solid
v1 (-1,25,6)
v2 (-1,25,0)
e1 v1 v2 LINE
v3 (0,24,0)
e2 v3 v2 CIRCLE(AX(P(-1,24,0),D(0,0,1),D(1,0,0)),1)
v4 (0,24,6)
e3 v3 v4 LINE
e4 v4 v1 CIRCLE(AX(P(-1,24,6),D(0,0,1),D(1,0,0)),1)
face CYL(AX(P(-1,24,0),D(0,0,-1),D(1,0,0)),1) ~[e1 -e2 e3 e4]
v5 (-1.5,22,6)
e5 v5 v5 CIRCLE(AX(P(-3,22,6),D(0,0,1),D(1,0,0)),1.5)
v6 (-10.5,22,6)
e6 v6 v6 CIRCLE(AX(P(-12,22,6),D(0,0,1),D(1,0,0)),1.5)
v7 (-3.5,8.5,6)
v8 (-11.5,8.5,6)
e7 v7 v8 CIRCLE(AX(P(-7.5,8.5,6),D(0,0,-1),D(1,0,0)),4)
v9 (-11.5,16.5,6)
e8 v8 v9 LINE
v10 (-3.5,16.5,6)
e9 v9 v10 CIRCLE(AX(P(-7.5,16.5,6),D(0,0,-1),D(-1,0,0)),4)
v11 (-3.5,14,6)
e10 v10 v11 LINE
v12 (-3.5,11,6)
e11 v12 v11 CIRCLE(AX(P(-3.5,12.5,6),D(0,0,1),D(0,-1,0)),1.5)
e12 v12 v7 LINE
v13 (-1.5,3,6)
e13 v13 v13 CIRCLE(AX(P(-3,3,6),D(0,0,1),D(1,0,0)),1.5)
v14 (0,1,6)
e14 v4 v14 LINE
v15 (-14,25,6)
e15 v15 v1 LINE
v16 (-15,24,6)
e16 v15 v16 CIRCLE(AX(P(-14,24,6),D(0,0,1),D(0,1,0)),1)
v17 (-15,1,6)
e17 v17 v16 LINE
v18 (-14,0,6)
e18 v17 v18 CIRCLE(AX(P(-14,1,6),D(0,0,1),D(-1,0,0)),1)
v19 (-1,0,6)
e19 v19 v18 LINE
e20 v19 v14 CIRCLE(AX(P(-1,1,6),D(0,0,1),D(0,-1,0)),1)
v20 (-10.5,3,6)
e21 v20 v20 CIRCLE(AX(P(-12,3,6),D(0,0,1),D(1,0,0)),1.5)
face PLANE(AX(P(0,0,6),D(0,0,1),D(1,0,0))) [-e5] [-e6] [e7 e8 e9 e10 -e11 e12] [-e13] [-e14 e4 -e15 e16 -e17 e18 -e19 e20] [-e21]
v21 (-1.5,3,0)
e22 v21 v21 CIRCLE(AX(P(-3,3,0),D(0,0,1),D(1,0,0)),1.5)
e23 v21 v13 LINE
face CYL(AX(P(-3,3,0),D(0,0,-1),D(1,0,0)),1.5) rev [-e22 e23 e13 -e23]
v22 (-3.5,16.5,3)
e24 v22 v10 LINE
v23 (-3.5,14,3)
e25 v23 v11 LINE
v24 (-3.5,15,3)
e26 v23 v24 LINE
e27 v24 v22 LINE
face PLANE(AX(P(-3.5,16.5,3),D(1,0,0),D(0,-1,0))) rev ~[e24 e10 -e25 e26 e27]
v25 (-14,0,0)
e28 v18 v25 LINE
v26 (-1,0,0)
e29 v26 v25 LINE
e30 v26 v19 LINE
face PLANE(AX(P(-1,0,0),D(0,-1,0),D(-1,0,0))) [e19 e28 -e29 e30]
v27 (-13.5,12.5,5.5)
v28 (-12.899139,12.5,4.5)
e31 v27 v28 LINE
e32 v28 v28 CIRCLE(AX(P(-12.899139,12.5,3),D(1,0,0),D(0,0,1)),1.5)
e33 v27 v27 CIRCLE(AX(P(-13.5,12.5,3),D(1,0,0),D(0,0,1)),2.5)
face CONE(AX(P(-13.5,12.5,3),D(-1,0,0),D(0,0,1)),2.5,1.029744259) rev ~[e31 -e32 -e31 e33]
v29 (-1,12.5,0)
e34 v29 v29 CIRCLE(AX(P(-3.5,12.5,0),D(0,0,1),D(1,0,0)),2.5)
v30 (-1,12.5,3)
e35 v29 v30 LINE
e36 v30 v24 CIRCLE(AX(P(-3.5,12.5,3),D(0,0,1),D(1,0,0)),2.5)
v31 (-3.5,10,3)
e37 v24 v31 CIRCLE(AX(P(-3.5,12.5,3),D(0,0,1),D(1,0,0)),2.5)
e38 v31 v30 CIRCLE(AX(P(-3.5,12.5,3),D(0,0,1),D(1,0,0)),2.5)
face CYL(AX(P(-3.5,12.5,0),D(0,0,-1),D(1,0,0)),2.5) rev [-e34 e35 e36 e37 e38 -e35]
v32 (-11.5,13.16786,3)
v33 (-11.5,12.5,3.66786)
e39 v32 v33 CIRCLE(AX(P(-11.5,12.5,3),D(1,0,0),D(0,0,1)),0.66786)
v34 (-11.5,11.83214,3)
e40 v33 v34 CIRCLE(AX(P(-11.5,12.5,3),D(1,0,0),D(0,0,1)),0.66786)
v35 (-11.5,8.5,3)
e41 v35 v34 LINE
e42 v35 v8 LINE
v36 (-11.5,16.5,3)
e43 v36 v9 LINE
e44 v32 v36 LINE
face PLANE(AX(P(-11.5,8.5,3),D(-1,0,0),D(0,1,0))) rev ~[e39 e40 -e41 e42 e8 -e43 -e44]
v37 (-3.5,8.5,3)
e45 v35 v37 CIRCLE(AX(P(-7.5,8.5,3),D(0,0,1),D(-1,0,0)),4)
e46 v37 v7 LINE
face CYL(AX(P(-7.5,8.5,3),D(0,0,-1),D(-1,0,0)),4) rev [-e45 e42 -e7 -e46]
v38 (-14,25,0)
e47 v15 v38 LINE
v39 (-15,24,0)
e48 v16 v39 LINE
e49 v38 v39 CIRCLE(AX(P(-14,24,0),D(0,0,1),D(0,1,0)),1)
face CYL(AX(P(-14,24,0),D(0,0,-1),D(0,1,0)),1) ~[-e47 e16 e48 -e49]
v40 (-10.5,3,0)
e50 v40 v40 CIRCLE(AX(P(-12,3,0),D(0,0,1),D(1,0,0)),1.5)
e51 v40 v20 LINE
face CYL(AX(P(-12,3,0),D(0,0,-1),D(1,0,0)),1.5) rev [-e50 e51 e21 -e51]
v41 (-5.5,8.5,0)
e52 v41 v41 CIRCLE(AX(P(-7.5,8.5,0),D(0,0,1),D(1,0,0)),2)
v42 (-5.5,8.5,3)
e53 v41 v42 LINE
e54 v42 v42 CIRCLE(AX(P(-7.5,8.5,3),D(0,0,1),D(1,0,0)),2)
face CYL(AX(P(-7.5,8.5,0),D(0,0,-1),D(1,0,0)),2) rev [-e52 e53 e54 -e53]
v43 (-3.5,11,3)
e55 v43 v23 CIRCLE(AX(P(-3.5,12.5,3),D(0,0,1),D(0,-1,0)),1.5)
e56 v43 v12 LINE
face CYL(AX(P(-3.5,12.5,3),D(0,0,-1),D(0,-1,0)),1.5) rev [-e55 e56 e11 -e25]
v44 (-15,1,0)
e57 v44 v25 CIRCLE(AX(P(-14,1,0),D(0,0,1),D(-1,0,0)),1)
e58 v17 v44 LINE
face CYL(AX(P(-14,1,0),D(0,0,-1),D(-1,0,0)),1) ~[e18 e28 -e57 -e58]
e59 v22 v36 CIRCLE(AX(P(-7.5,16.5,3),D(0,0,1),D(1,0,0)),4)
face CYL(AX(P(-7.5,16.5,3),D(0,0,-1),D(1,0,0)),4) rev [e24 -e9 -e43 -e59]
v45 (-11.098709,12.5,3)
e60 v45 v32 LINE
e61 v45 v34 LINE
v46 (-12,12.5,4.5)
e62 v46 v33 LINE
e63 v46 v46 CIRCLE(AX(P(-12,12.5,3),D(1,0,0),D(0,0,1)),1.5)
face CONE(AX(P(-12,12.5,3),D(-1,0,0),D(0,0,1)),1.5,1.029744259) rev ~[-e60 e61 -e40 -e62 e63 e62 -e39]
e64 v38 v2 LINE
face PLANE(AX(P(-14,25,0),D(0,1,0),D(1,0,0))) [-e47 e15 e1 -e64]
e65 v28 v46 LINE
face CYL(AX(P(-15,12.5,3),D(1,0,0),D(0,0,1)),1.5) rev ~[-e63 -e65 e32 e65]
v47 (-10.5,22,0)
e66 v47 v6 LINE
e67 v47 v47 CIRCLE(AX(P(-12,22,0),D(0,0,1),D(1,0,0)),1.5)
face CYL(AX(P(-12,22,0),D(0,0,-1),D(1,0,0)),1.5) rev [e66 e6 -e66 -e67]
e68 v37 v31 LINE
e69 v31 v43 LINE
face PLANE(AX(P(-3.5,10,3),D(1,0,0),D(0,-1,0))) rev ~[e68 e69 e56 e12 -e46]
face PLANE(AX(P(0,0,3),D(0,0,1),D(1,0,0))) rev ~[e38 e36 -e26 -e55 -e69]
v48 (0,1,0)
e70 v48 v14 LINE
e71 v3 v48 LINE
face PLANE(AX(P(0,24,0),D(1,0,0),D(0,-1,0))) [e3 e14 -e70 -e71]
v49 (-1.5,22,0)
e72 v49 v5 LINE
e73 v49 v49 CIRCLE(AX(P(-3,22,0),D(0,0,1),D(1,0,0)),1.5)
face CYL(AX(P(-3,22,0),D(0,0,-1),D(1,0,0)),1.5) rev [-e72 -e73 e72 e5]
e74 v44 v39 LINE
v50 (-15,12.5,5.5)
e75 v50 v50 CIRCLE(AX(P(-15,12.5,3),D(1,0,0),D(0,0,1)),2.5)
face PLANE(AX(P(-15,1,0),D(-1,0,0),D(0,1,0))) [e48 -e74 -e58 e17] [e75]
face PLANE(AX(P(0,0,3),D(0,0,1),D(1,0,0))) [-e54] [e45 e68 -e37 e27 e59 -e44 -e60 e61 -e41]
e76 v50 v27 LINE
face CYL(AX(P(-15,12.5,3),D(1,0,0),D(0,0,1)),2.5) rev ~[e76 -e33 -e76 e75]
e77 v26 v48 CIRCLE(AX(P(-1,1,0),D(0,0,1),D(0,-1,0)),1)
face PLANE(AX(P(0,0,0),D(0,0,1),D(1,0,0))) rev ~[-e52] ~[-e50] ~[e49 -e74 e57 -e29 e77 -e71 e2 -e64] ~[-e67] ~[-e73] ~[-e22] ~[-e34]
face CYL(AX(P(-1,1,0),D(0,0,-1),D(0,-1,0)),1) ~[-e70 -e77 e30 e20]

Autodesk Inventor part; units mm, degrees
ref_plane "YZ Plane" through (0, 0, 0) normal (1, 0, 0) x (0, 1, 0)
ref_plane "XZ Plane" through (0, 0, 0) normal (0, 1, 0) x (-1, 0, 0)
ref_plane "XY Plane" through (0, 0, 0) normal (0, 0, 1) x (1, 0, 0)
sketch "Szkic1" plane through (0, 0, 0) normal (0, 0, 1) x (1, 0, 0)
  line L0 (-1, 0) -> (-14, 0)
  line L1 (-15, 1) -> (-15, 24)
  line L2 (-14, 25) -> (-1, 25)
  line L3 (0, 24) -> (0, 1)
  arc A0 (-14, 25) -> (-15, 24) centre (-14, 24) ccw
  arc A1 (0, 24) -> (-1, 25) centre (-1, 24) ccw
  arc A2 (-1, 0) -> (0, 1) centre (-1, 1) ccw
  arc A3 (-15, 1) -> (-14, 0) centre (-14, 1) ccw
  circle A4 centre (-3, 3) radius 1.5
  circle A5 centre (-12, 3) radius 1.5
  circle A6 centre (-12, 22) radius 1.5
  circle A7 centre (-3, 22) radius 1.5
  circle A8 centre (-7.5, 8.5) radius 2
  circle A9 centre (-3.5, 12.5) radius 2.5
  point P0 (0, 0)
  point P1 (-15, 25)
  point P2 (-15, 0)
  point P3 (0, 25)
  point P4 (-11.5, 20.5)
  point P5 (-11.5, 4.5)
  point P6 (-3.5, 20.5)
  dimension "d0" = 15
  dimension "d1" = 25
  dimension "d2" = 1
  dimension "d3" = 3
  dimension "d4" = 3
  dimension "d5" = 3
  dimension "d6" = 3
  dimension "d7" = 8
  dimension "d8" = 16
  dimension "d10" = 19
  dimension "d11" = 4
  dimension "d72" = 5
extrude "Wyciągnięcie proste2" add sketch "Szkic1" along normal blind 3
sketch "Szkic12" plane through (0, 0, 3) normal (0, 0, 1) x (1, 0, 0)
  line L0 (-1, 0) -> (-14, 0)
  line L1 (-15, 1) -> (-15, 24)
  line L2 (-14, 25) -> (-1, 25)
  line L3 (0, 24) -> (0, 1)
  arc A0 (-14, 25) -> (-15, 24) centre (-14, 24) ccw
  arc A1 (0, 24) -> (-1, 25) centre (-1, 24) ccw
  arc A2 (-1, 0) -> (0, 1) centre (-1, 1) ccw
  arc A3 (-15, 1) -> (-14, 0) centre (-14, 1) ccw
  circle A4 centre (-3, 3) radius 1.5
  circle A5 centre (-12, 3) radius 1.5
  circle A6 centre (-12, 22) radius 1.5
  circle A7 centre (-3, 22) radius 1.5
  circle A8 centre (-7.5, 8.5) radius 2
  circle A9 centre (-3.5, 12.5) radius 2.5
  line L4 (-7.5, 4.5) -> (-7.5, 4.5)
  line L5 (-11.5, 8.5) -> (-11.5, 16.5)
  line L6 (-7.5, 20.5) -> (-7.5, 20.5)
  line L7 (-3.5, 16.5) -> (-3.5, 8.5)
  arc A10 (-7.5, 20.5) -> (-11.5, 16.5) centre (-7.5, 16.5) ccw
  arc A11 (-3.5, 16.5) -> (-7.5, 20.5) centre (-7.5, 16.5) ccw
  arc A12 (-7.5, 4.5) -> (-3.5, 8.5) centre (-7.5, 8.5) ccw
  arc A13 (-11.5, 8.5) -> (-7.5, 4.5) centre (-7.5, 8.5) ccw
  arc A14 (-3.5, 11) -> (-3.5, 14) centre (-3.5, 12.5) ccw
  point P0 (0, 0)
  point P1 (0, 0)
  point P2 (-15, 25)
  point P3 (-15, 0)
  point P4 (0, 25)
  point P5 (-11.5, 20.5)
  point P6 (-11.5, 4.5)
  point P7 (-3.5, 20.5)
  point P8 (-11.5, 4.5)
  point P9 (-3.5, 20.5)
  dimension "d38" = 15
  dimension "d39" = 25
  dimension "d40" = 1
  dimension "d41" = 3
  dimension "d42" = 3
  dimension "d43" = 3
  dimension "d44" = 3
  dimension "d45" = 8
  dimension "d46" = 16
  dimension "d47" = 19
  dimension "d48" = 4
  dimension "d49" = 8
  dimension "d50" = 16
  dimension "d51" = 4
  dimension "d52" = 3
extrude "Wyciągnięcie proste3" add sketch "Szkic12" along normal blind 3 contours L0 A3 L1 A0 L2 A1 L3 A2 | A9 L7 A14
sketch "Szkic16" plane through (-15, 1, 0) normal (-1, 0, 0) x (0, 0, 1)
  circle A0 centre (3, 11.5) radius 2.5
  line L0 (0, 14) -> (0, 9) projected
  point P0 (0, -1)
  dimension "d55" = 5
hole "Otwór2" at (-15, 12.5, 3) direction (1, 0, 0) diameter 5 depth 1.5 tip angle 118
sketch "Szkic17" plane through (-15, 1, 0) normal (-1, 0, 0) x (0, 0, 1)
  line L0 (3, 14) -> (3, 9) projected
  circle A0 centre (3, 11.5) radius 1.5
  point P0 (0, -1)
  dimension "d64" = 3
hole "Otwór3" at (-15, 12.5, 3) direction (1, 0, 0) diameter 3 depth 3 tip angle 118
properties part number "zad 7"
